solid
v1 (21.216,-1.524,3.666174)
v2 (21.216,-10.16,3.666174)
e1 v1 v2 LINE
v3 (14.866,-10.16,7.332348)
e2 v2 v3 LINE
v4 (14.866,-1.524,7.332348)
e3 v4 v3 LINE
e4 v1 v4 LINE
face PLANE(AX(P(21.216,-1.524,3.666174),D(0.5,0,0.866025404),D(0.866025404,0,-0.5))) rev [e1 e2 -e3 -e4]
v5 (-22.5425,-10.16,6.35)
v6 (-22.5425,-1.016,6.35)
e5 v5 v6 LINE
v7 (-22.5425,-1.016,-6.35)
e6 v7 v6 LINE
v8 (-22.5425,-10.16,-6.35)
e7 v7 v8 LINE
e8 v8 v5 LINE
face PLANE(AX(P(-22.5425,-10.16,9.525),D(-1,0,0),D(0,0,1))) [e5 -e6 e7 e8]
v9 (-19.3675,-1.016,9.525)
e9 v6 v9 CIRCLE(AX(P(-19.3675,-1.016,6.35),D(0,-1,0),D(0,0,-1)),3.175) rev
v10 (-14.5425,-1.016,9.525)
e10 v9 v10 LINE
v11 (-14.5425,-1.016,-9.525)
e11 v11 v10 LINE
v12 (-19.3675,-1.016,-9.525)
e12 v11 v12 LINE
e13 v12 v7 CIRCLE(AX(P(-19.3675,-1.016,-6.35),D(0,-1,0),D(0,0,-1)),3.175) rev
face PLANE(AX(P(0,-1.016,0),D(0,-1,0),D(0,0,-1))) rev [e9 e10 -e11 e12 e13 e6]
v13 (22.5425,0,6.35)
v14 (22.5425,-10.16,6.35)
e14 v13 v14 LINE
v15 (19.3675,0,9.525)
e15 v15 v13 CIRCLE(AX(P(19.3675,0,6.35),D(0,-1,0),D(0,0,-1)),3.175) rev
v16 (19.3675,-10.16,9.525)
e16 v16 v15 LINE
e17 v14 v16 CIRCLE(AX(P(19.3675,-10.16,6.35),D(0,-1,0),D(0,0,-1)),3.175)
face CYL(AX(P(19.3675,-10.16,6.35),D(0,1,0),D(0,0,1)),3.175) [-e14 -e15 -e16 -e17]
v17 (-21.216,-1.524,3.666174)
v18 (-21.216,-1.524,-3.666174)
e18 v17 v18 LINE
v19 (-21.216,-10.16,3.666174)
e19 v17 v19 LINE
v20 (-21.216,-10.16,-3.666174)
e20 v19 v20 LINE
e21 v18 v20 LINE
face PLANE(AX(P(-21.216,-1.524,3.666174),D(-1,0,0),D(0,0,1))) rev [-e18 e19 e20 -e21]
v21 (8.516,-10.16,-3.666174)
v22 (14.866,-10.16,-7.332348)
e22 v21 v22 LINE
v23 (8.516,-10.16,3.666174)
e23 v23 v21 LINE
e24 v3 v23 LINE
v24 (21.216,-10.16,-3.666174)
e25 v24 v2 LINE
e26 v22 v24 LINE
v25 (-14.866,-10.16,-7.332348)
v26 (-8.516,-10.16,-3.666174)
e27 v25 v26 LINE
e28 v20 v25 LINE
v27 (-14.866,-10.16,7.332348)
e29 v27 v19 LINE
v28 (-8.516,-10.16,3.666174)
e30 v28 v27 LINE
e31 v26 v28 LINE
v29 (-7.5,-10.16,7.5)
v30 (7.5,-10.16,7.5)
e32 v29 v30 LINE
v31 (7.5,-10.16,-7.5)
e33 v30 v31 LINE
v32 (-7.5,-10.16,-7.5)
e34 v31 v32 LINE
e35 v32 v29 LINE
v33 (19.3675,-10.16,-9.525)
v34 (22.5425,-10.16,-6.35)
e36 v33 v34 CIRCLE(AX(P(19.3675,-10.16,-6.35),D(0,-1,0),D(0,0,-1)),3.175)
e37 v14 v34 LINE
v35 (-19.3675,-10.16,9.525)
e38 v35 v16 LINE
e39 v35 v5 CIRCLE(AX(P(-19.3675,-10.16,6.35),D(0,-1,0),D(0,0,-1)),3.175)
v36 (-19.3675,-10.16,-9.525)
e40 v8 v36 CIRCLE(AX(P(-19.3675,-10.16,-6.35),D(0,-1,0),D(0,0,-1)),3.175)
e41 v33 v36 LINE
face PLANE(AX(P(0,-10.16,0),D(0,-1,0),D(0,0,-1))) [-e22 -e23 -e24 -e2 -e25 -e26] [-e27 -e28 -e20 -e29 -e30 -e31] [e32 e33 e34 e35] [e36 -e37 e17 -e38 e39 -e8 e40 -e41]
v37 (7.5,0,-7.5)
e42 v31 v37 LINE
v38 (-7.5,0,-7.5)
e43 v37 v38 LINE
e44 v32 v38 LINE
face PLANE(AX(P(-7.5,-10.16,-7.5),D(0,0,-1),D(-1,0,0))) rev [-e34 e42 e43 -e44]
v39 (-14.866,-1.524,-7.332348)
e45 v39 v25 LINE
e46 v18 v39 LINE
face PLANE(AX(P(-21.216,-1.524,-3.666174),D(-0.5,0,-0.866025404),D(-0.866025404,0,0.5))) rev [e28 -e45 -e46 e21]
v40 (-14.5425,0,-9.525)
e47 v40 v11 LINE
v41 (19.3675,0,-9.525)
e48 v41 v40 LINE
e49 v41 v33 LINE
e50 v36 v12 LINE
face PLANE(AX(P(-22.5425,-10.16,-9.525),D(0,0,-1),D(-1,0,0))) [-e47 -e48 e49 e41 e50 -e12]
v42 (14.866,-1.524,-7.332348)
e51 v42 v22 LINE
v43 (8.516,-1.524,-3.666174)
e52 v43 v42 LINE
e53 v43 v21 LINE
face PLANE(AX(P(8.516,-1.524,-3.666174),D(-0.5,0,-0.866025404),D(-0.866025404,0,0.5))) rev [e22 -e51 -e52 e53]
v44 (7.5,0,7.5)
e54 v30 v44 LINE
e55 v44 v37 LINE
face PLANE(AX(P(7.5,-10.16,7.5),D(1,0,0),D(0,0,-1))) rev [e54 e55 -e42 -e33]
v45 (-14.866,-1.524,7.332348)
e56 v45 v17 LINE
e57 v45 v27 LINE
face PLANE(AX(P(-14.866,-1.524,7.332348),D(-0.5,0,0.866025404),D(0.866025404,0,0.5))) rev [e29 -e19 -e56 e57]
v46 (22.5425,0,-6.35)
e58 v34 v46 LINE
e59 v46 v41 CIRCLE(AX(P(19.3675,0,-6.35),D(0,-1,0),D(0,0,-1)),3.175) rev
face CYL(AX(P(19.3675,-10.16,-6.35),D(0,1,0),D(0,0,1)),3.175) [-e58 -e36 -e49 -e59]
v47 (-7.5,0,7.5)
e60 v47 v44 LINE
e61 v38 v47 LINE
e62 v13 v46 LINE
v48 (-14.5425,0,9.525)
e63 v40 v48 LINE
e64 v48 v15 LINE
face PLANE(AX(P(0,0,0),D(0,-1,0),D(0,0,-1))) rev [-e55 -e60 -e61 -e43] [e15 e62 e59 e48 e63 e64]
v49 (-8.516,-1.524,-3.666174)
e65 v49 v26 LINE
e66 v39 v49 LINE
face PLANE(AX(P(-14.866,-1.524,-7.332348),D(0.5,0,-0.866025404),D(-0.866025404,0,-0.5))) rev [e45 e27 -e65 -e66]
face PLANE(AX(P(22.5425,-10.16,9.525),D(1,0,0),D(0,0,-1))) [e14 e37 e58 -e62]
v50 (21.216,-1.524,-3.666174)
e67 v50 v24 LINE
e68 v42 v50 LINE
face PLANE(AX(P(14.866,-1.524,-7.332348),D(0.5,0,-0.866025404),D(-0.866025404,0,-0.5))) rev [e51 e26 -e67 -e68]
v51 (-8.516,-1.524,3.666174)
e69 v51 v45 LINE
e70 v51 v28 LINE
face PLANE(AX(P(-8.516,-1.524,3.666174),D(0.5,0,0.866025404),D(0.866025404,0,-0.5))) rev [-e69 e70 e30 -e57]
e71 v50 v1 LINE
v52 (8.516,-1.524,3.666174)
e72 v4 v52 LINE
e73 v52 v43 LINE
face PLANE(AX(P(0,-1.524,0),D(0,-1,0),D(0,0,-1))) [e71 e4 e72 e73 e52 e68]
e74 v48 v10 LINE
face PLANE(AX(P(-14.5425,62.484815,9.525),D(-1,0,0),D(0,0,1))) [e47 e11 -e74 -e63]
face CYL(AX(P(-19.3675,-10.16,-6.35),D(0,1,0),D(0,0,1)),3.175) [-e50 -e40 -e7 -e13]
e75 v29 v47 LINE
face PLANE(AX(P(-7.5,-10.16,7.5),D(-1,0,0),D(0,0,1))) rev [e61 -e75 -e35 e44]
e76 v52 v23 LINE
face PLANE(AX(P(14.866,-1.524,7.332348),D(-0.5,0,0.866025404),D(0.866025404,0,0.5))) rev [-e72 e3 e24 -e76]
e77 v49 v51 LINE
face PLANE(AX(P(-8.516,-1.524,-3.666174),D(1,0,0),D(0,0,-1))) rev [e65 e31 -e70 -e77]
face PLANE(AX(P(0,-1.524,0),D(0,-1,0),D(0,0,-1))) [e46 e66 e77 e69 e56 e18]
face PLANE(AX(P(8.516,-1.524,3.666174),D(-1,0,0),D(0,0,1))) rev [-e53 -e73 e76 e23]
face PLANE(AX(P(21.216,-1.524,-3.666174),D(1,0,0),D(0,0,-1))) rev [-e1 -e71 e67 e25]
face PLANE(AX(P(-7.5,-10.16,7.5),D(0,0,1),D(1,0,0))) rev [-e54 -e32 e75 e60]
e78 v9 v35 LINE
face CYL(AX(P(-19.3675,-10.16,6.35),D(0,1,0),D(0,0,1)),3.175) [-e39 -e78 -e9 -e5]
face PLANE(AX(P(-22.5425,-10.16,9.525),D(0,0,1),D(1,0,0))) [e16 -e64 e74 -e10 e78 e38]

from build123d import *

# Parameters (mm, degrees)
SKETCH1_W               = 45.085
SKETCH1_H               = 19.05
BOSS_EXTRUDE1_DEPTH     = 10.16
SKETCH2_W               = 15
SKETCH2_H               = 15
CUT_EXTRUDE1_DEPTH      = 27.497462732
FILLET1_R               = 3.175
CUT_EXTRUDE2_DEPTH      = 27.497462732
CUT_EXTRUDE2_DEPTH_BACK = 1.016
CUT_EXTRUDE3_DEPTH      = 8.636


with BuildPart() as part:
    # Sketch1 → Boss-Extrude1 (new body)
    with BuildSketch(Plane(origin=(0, 0, 0), x_dir=(1, 0, 0), z_dir=(0, 1, 0))):
        Rectangle(SKETCH1_W, SKETCH1_H)
    extrude(amount=-BOSS_EXTRUDE1_DEPTH)

    # Sketch2 → Cut-Extrude1 (cut, through all)
    with BuildSketch(Plane(origin=(0, 0, 0), x_dir=(1, 0, 0), z_dir=(0, 1, 0))):
        Rectangle(SKETCH2_W, SKETCH2_H)
    extrude(amount=-CUT_EXTRUDE1_DEPTH, mode=Mode.SUBTRACT)

    # Fillet1
    fillet1_edges = [part.edges().sort_by_distance(p)[0] for p in [
        (22.5425, -5.08, 9.525),
        (-22.5425, -5.08, 9.525),
        (-22.5425, -5.08, -9.525),
        (22.5425, -5.08, -9.525),
    ]]
    fillet(fillet1_edges, radius=FILLET1_R)

    # Sketch3 → Cut-Extrude2 (cut, two sides: drawn at the far end of the back side and taken through both)
    with BuildSketch(Plane(origin=(0, 0, 0), x_dir=(1, 0, 0), z_dir=(0, 1, 0)).offset(-CUT_EXTRUDE2_DEPTH_BACK)):
        Polygon((-14.5425, -102.908445), (-14.5425, -9.525), (-14.5425, 9.525), (-14.5425, 102.908445), (-201.309389999, 102.908445), (-201.309389999, -102.908445), align=None)
    extrude(amount=CUT_EXTRUDE2_DEPTH + CUT_EXTRUDE2_DEPTH_BACK, mode=Mode.SUBTRACT)

    # Sketch5 → Cut-Extrude3 (cut)
    with BuildSketch(Plane.XZ.offset(10.16)):
        Polygon((-21.216, -3.666174209), (-14.866, -7.332348419), (-8.516, -3.666174209), (-8.516, 3.666174209), (-14.866, 7.332348419), (-21.216, 3.666174209), align=None)
        Polygon((8.516, -3.666174209), (14.866, -7.332348419), (21.216, -3.666174209), (21.216, 3.666174209), (14.866, 7.332348419), (8.516, 3.666174209), align=None)
    extrude(amount=-CUT_EXTRUDE3_DEPTH, mode=Mode.SUBTRACT)


solid = part.part
